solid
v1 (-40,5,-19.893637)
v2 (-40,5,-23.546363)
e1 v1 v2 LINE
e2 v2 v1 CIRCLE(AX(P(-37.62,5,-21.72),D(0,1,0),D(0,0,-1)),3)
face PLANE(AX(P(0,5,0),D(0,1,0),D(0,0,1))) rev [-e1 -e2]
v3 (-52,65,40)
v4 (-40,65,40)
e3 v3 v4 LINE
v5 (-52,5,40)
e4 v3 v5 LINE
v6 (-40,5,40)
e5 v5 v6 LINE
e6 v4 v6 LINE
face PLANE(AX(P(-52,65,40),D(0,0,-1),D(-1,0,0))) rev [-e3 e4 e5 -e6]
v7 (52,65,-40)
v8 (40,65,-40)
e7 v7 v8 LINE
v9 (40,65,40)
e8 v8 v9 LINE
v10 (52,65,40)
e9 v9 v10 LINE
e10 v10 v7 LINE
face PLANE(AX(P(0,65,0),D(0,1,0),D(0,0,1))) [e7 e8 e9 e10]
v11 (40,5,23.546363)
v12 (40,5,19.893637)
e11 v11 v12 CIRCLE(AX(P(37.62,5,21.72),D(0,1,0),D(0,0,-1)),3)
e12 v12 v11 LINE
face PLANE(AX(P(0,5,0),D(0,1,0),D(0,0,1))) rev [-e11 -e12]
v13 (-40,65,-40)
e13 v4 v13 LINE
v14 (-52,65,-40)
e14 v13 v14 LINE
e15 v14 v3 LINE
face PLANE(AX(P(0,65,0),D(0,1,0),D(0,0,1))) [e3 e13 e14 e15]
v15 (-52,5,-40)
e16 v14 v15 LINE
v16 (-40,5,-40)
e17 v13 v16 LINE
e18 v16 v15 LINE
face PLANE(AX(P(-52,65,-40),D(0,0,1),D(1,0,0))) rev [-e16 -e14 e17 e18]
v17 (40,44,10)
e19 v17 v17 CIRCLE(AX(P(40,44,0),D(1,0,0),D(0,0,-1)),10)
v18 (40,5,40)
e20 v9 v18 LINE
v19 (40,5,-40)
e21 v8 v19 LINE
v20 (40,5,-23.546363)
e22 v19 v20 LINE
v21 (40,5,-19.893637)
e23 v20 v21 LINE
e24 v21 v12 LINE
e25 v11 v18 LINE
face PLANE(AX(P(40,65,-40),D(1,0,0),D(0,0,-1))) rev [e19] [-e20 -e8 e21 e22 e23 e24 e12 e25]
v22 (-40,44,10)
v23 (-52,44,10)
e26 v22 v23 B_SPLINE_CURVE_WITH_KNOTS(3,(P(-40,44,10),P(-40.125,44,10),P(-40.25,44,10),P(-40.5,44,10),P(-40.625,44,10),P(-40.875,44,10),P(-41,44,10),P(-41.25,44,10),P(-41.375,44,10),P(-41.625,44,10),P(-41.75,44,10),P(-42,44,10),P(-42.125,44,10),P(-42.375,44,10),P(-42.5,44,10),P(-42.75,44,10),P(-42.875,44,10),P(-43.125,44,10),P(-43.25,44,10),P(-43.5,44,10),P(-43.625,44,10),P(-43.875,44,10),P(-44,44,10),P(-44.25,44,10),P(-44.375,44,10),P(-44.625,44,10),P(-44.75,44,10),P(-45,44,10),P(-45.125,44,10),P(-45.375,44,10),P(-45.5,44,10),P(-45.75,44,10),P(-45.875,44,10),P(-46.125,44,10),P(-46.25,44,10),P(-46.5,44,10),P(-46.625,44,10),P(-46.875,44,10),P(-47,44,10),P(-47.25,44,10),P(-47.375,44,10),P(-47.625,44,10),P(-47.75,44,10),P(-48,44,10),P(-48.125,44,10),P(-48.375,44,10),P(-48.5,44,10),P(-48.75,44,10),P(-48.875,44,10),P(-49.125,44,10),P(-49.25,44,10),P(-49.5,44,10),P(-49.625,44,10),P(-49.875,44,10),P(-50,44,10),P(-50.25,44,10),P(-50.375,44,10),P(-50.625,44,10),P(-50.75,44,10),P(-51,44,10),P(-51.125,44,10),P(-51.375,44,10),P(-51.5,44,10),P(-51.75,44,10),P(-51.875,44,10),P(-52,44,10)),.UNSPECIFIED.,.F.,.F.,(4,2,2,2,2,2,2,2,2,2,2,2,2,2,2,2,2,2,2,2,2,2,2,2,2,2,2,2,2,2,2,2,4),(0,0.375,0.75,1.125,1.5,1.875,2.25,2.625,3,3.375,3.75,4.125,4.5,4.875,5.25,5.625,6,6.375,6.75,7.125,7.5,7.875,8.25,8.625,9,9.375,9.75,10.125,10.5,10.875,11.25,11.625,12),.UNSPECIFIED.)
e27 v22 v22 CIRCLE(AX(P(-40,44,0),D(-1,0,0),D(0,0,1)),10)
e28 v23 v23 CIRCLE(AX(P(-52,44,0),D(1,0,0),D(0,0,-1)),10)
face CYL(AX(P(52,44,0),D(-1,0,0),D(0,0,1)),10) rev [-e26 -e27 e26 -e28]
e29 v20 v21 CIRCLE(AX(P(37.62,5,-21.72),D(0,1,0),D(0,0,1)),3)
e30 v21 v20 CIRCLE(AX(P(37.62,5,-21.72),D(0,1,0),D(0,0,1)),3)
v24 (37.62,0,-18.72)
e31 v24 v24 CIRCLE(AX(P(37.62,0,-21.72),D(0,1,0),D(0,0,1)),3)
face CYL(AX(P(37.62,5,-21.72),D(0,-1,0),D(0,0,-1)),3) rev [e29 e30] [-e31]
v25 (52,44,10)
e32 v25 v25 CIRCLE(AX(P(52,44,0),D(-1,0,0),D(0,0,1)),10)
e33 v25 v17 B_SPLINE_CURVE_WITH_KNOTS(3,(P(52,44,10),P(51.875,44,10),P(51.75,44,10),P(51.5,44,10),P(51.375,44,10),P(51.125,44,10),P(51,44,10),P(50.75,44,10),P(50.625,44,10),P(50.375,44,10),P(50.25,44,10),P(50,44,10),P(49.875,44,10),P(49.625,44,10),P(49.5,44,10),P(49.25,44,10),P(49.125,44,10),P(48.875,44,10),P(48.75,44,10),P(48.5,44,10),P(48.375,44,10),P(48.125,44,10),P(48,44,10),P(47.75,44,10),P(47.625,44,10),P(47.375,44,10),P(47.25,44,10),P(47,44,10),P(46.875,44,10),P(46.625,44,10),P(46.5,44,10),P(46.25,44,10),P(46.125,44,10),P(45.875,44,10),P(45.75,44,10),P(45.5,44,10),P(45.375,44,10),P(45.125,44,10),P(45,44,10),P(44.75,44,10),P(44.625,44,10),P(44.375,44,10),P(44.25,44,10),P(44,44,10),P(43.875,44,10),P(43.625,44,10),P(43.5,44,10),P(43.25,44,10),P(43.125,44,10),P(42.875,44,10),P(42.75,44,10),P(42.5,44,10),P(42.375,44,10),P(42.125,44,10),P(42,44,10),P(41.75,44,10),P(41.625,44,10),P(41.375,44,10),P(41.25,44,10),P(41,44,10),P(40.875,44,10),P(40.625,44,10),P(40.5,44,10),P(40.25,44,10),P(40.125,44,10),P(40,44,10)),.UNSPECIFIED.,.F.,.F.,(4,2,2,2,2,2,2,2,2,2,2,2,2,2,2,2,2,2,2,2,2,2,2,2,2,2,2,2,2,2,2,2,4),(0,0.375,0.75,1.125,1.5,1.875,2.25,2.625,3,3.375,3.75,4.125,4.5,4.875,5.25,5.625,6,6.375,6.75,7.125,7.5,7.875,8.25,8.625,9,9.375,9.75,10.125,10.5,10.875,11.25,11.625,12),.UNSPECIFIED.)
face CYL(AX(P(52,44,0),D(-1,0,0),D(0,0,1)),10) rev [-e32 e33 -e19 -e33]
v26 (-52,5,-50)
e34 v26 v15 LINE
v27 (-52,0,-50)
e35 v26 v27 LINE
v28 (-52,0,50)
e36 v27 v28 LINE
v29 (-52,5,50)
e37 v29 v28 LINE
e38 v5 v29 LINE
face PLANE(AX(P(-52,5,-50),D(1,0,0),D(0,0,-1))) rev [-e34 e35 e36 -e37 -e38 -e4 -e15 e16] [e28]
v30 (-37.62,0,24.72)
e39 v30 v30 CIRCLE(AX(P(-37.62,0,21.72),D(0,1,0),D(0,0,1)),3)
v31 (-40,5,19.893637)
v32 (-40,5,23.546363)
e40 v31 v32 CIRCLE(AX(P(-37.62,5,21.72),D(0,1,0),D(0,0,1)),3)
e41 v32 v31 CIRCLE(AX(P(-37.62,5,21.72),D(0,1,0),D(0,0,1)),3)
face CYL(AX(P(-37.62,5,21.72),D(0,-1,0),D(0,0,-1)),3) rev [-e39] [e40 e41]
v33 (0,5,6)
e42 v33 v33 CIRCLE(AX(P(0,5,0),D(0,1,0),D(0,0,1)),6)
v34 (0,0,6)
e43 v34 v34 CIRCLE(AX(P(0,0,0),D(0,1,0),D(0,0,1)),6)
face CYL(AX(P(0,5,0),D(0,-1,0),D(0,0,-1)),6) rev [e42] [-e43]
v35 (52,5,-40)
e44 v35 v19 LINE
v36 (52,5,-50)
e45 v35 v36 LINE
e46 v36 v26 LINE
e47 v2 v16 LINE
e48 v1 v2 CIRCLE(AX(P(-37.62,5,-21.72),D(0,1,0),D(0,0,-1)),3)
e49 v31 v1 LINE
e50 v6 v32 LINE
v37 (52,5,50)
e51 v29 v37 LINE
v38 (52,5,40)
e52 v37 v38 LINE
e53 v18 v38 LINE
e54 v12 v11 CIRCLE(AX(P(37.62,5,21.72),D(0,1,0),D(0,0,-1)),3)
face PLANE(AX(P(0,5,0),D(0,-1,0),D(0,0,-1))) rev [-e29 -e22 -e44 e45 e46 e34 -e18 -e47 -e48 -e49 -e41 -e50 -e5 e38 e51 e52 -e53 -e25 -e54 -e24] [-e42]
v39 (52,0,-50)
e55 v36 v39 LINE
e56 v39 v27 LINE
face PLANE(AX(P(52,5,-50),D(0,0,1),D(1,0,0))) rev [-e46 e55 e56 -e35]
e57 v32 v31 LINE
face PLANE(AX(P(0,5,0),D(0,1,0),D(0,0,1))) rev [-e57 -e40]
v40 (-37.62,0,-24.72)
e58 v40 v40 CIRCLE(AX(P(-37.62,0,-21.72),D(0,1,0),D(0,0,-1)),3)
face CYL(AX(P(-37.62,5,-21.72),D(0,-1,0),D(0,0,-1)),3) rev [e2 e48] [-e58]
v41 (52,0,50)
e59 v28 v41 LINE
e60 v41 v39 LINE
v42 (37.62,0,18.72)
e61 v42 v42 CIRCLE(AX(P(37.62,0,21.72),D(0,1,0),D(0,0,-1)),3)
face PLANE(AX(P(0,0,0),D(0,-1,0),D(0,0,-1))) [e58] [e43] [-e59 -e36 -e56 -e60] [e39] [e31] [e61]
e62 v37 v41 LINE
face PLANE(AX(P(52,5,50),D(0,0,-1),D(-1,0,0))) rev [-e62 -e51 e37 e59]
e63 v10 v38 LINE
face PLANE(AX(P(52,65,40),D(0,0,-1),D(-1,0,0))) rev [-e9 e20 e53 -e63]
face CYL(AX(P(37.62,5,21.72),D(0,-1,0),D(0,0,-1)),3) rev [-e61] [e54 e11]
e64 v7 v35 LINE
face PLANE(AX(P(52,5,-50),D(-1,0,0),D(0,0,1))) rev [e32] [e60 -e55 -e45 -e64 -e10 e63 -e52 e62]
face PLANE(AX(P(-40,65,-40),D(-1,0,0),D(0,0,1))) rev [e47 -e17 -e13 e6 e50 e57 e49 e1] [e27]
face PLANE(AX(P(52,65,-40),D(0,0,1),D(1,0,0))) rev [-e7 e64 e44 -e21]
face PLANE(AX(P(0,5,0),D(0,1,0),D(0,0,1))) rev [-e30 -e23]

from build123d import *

# Parameters (mm, degrees)
SKETCH1_W               = 104
SKETCH1_H               = 100
SKETCH1_R               = 3
SKETCH1_R_2             = 6
BOSS_EXTRUDE1_DEPTH     = 5
SKETCH2_W               = 12
SKETCH2_H               = 80
BOSS_EXTRUDE2_DEPTH     = 60
CUT_EXTRUDE1_DEPTH      = 133.442440328
CUT_EXTRUDE1_DEPTH_BACK = 133.442440328
SKETCH3_R               = 10


with BuildPart() as part:
    # Sketch1 → Boss-Extrude1 (new body)
    with BuildSketch(Plane(origin=(0, 0, 0), x_dir=(1, 0, 0), z_dir=(0, 1, 0))):
        Rectangle(SKETCH1_W, SKETCH1_H)
        with Locations(Location((-37.62, -21.72, 0), (0, 0, 270))):
            Circle(SKETCH1_R, mode=Mode.SUBTRACT)
        with Locations(Location((37.62, -21.72, 0), (0, 0, 90))):
            Circle(SKETCH1_R, mode=Mode.SUBTRACT)
        with Locations(Location((37.62, 21.72, 0), (0, 0, 270))):
            Circle(SKETCH1_R, mode=Mode.SUBTRACT)
        with Locations(Location((-37.62, 21.72, 0), (0, 0, 90))):
            Circle(SKETCH1_R, mode=Mode.SUBTRACT)
        with Locations(Location((0, 0, 0), (0, 0, 270))):
            Circle(SKETCH1_R_2, mode=Mode.SUBTRACT)
    extrude(amount=BOSS_EXTRUDE1_DEPTH)

    # Sketch2 → Boss-Extrude2 (add)
    with BuildSketch(Plane(origin=(0, 5, 0), x_dir=(1, 0, 0), z_dir=(0, 1, 0))):
        with Locations((-46, 0)):
            Rectangle(SKETCH2_W, SKETCH2_H)
        with Locations((46, 0)):
            Rectangle(SKETCH2_W, SKETCH2_H)
    extrude(amount=BOSS_EXTRUDE2_DEPTH)

    # Sketch3 → Cut-Extrude1 (cut, two sides: drawn at the far end of the back side and taken through both)
    with BuildSketch(Plane.ZY.offset(52).offset(-CUT_EXTRUDE1_DEPTH_BACK)):
        with Locations((0, 44)):
            Circle(SKETCH3_R)
    extrude(amount=CUT_EXTRUDE1_DEPTH + CUT_EXTRUDE1_DEPTH_BACK, mode=Mode.SUBTRACT)


solid = part.part
